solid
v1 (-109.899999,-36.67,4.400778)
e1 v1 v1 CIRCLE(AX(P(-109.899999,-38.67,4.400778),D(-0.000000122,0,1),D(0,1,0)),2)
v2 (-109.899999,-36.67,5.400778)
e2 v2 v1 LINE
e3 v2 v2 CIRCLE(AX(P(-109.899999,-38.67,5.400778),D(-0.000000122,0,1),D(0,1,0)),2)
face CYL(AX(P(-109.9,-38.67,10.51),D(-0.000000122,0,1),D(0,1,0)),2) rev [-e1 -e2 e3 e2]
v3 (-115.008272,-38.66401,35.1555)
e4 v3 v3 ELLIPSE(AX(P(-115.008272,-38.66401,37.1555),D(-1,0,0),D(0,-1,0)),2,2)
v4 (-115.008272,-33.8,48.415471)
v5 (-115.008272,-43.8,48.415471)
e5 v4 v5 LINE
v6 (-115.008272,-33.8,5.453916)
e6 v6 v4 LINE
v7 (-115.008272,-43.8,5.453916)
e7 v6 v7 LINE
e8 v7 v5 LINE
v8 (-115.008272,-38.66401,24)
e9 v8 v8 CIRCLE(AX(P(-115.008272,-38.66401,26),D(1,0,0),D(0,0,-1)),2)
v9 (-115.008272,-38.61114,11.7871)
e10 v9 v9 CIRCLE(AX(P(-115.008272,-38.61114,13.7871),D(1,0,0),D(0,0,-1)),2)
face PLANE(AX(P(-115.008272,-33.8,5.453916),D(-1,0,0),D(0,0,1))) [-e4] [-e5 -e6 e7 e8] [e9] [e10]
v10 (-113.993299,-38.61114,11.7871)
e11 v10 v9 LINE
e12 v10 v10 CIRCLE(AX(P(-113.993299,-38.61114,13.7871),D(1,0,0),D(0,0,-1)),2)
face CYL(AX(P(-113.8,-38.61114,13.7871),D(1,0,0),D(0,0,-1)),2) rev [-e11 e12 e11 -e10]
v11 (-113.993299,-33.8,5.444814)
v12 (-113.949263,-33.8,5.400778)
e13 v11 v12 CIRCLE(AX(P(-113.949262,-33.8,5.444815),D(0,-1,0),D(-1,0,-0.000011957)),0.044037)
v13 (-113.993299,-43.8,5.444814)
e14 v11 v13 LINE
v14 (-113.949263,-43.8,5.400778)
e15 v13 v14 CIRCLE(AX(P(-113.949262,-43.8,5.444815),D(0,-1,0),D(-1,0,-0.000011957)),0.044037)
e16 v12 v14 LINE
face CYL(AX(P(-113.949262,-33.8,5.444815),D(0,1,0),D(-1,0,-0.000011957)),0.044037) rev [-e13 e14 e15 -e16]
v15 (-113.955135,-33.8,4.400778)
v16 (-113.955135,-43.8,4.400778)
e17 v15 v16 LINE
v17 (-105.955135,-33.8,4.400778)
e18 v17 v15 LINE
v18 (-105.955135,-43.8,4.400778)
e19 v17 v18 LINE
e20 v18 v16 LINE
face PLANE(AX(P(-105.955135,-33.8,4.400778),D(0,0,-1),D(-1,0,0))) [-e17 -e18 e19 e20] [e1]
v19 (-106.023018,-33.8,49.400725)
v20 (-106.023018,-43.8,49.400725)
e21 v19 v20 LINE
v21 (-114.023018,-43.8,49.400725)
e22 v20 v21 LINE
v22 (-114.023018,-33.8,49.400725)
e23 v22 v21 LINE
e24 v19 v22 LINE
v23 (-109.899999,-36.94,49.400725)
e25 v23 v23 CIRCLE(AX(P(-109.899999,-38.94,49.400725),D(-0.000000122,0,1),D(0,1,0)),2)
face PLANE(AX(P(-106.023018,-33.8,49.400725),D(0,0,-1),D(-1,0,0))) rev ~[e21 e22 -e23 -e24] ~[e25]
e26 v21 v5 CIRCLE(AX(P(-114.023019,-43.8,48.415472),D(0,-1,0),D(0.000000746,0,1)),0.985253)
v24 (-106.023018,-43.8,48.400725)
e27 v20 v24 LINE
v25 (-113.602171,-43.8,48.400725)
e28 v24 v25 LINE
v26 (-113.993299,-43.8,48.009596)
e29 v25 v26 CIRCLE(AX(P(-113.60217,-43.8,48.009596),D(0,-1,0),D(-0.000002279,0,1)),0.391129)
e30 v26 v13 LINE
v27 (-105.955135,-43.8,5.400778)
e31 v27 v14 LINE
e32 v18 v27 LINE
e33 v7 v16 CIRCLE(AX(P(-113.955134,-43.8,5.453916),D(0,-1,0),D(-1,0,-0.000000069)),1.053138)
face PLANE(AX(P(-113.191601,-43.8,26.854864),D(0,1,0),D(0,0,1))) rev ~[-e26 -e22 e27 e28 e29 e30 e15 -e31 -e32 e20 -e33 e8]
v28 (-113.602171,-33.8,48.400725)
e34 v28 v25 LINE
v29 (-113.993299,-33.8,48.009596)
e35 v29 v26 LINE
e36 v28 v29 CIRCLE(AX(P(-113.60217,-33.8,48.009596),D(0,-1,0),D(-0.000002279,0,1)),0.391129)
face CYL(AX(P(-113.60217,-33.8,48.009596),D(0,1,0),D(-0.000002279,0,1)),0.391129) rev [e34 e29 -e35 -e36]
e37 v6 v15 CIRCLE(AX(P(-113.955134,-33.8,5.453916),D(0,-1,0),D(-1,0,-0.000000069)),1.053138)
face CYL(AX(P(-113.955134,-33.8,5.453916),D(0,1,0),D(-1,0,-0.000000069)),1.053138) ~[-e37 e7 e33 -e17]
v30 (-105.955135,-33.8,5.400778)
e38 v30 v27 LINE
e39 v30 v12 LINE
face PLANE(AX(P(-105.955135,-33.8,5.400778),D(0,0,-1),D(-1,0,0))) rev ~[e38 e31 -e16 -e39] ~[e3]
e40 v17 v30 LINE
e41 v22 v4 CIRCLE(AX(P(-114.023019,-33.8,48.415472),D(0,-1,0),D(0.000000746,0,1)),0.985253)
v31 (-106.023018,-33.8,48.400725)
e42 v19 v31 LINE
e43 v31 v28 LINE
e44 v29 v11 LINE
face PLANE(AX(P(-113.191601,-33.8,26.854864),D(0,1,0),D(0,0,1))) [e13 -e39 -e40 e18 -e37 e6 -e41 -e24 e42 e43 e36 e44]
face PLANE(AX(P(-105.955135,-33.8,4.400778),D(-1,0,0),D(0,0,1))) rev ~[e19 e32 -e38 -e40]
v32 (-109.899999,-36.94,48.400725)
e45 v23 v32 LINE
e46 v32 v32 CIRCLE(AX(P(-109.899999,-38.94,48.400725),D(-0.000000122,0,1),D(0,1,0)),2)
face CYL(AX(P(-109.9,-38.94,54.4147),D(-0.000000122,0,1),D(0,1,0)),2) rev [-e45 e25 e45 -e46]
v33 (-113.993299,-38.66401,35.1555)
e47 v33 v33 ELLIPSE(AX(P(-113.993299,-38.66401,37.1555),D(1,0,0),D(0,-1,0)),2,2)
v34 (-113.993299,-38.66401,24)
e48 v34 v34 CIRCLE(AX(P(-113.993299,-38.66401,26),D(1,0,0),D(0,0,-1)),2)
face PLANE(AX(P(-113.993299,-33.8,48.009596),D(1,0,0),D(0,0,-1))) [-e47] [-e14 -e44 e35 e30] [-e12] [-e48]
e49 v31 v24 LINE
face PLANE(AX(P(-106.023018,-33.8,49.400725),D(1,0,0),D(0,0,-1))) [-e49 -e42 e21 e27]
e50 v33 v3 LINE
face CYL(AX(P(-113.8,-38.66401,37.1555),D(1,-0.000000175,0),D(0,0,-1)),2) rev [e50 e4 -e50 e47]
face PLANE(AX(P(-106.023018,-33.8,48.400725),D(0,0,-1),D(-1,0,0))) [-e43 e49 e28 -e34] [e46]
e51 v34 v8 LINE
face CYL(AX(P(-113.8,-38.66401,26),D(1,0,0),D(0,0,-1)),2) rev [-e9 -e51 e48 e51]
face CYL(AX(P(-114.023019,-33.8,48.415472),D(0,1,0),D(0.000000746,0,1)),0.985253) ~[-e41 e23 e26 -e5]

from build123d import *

# Parameters (mm, degrees)
CYLINDER030_R               = 2
CYLINDER030_DEPTH           = 10
CYLINDER030_PITCH_ANGLE     = 90
CYLINDER030_PLACEMENT_ANGLE = 7e-06
CYLINDER031_R               = 2
CYLINDER031_DEPTH           = 10
CYLINDER031_PITCH_ANGLE     = 90
CYLINDER031_PLACEMENT_ANGLE = 7e-06
CYLINDER026_R               = 2
CYLINDER026_DEPTH           = 2
CYLINDER026_ROLL_ANGLE      = -88.507054
CYLINDER026_PITCH_ANGLE     = -87.01751
CYLINDER026_PLACEMENT_ANGLE = -92.244015
CYLINDER028_R               = 2
CYLINDER028_DEPTH           = 2
CYLINDER028_PLACEMENT_ANGLE = 90.00001
CYLINDER029_R               = 2
CYLINDER029_DEPTH           = 2
CYLINDER029_ROLL_ANGLE      = 90
CYLINDER027_R               = 2
CYLINDER027_DEPTH           = 2
CYLINDER027_ROLL_ANGLE      = 90
CYLINDER025_R               = 2
CYLINDER025_DEPTH           = 2
CYLINDER025_ROLL_ANGLE      = -88.507054
CYLINDER025_PITCH_ANGLE     = -87.01751
CYLINDER025_PLACEMENT_ANGLE = -92.244015
PAD006_DEPTH                = 10
CUT027_PITCH_ANGLE          = 90
CUT027_PLACEMENT_ANGLE      = -90


with BuildPart() as cylinder030:
    # Cylinder030 → Cylinder030 (new body)
    with BuildSketch(Plane.XY):
        Circle(CYLINDER030_R)
    extrude(amount=CYLINDER030_DEPTH)


with BuildPart() as cylinder030_1:
    # Cylinder030 pitch: moved
    add(cylinder030.part.rotate(Axis((0, 0, 0), (0, 1, 0)), CYLINDER030_PITCH_ANGLE))


with BuildPart() as cylinder030_2:
    # Cylinder030 placement: moved
    add(cylinder030_1.part.moved(Location((15.49, 3.9, 4.87))).rotate(Axis((15.49, 3.9, 4.87), (0, 0, 1)), CYLINDER030_PLACEMENT_ANGLE))


with BuildPart() as cylinder031:
    # Cylinder031 → Cylinder031 (new body)
    with BuildSketch(Plane.XY):
        Circle(CYLINDER031_R)
    extrude(amount=CYLINDER031_DEPTH)


with BuildPart() as cylinder031_1:
    # Cylinder031 pitch: moved
    add(cylinder031.part.rotate(Axis((0, 0, 0), (0, 1, 0)), CYLINDER031_PITCH_ANGLE))


with BuildPart() as cylinder031_2:
    # Cylinder031 placement: moved
    add(cylinder031_1.part.moved(Location((-28.4147, 3.9, 5.14))).rotate(Axis((-28.4147, 3.9, 5.14), (0, 0, 1)), CYLINDER031_PLACEMENT_ANGLE))


with BuildPart() as cylinder026:
    # Cylinder026 → Cylinder026 (new body)
    with BuildSketch(Plane.XY):
        Circle(CYLINDER026_R)
    extrude(amount=CYLINDER026_DEPTH)


with BuildPart() as cylinder026_1:
    # Cylinder026 roll: moved
    add(cylinder026.part.rotate(Axis((0, 0, 0), (1, 0, 0)), CYLINDER026_ROLL_ANGLE))


with BuildPart() as cylinder026_2:
    # Cylinder026 pitch: moved
    add(cylinder026_1.part.rotate(Axis((0, 0, 0), (0, 1, 0)), CYLINDER026_PITCH_ANGLE))


with BuildPart() as cylinder026_3:
    # Cylinder026 placement: moved
    add(cylinder026_2.part.moved(Location((-26, 5.29, 4.9))).rotate(Axis((-26, 5.29, 4.9), (0, 0, 1)), CYLINDER026_PLACEMENT_ANGLE))


with BuildPart() as cylinder028:
    # Cylinder028 → Cylinder028 (new body)
    with BuildSketch(Plane.XY):
        Circle(CYLINDER028_R)
    extrude(amount=CYLINDER028_DEPTH)


with BuildPart() as cylinder028_1:
    # Cylinder028 placement: moved
    add(cylinder028.part.moved(Location((-11.1555, 0, 4.86401))).rotate(Axis((-11.1555, 0, 4.86401), (1, 0, 0)), CYLINDER028_PLACEMENT_ANGLE))


with BuildPart() as cylinder029:
    # Cylinder029 → Cylinder029 (new body)
    with BuildSketch(Plane.XY):
        Circle(CYLINDER029_R)
    extrude(amount=CYLINDER029_DEPTH)


with BuildPart() as cylinder029_1:
    # Cylinder029 roll: moved
    add(cylinder029.part.rotate(Axis((0, 0, 0), (1, 0, 0)), CYLINDER029_ROLL_ANGLE))


with BuildPart() as cylinder029_2:
    # Cylinder029 placement: moved
    add(cylinder029_1.part.moved(Location((0, 0, 4.86401))))


with BuildPart() as cylinder027:
    # Cylinder027 → Cylinder027 (new body)
    with BuildSketch(Plane.XY):
        Circle(CYLINDER027_R)
    extrude(amount=CYLINDER027_DEPTH)


with BuildPart() as cylinder027_1:
    # Cylinder027 roll: moved
    add(cylinder027.part.rotate(Axis((0, 0, 0), (1, 0, 0)), CYLINDER027_ROLL_ANGLE))


with BuildPart() as cylinder027_2:
    # Cylinder027 placement: moved
    add(cylinder027_1.part.moved(Location((12.2129, 0, 4.81114))))


with BuildPart() as cylinder025:
    # Cylinder025 → Cylinder025 (new body)
    with BuildSketch(Plane.XY):
        Circle(CYLINDER025_R)
    extrude(amount=CYLINDER025_DEPTH)


with BuildPart() as cylinder025_1:
    # Cylinder025 roll: moved
    add(cylinder025.part.rotate(Axis((0, 0, 0), (1, 0, 0)), CYLINDER025_ROLL_ANGLE))


with BuildPart() as cylinder025_2:
    # Cylinder025 pitch: moved
    add(cylinder025_1.part.rotate(Axis((0, 0, 0), (0, 1, 0)), CYLINDER025_PITCH_ANGLE))


with BuildPart() as cylinder025_3:
    # Cylinder025 placement: moved
    add(cylinder025_2.part.moved(Location((25, 5.38, 4.9))).rotate(Axis((25, 5.38, 4.9), (0, 0, 1)), CYLINDER025_PLACEMENT_ANGLE))


with BuildPart() as cut027:
    # Sketch007 → Pad006 (new body)
    with BuildSketch(Plane.XY):
        with BuildLine():
            Line((20.546084, -1.208272), (-22.415471, -1.208272))
            ThreePointArc((-23.400725, -0.223018), (-23.112151, -0.919698), (-22.415471, -1.208272))
            Line((-23.400725, 7.776982), (-23.400725, -0.223018))
            Line((-23.400725, 7.776982), (-22.400725, 7.776982))
            Line((-22.400725, 7.776982), (-22.400725, 0.197829))
            ThreePointArc((-22.400725, 0.197829), (-22.286166, -0.07874), (-22.009596, -0.193299))
            Line((-22.009596, -0.193299), (20.555186, -0.193299))
            ThreePointArc((20.555186, -0.193299), (20.586324, -0.180401), (20.599222, -0.149263))
            Line((20.599222, 7.844865), (20.599222, -0.149263))
            Line((21.599222, 7.844865), (20.599222, 7.844865))
            Line((21.599222, 7.844865), (21.599222, -0.155135))
            ThreePointArc((20.546084, -1.208272), (21.290765, -0.899815), (21.599222, -0.155135))
        make_face()
    extrude(amount=PAD006_DEPTH)

    # Cut005: cut Cylinder025
    add(cylinder025_3.part, mode=Mode.SUBTRACT)

    # Cut006: cut Cylinder027
    add(cylinder027_2.part, mode=Mode.SUBTRACT)

    # Cut007: cut Cylinder029
    add(cylinder029_2.part, mode=Mode.SUBTRACT)

    # Cut008: cut Cylinder028
    add(cylinder028_1.part, mode=Mode.SUBTRACT)

    # Cut009: cut Cylinder026
    add(cylinder026_3.part, mode=Mode.SUBTRACT)

    # Cut018: cut Cylinder031
    add(cylinder031_2.part, mode=Mode.SUBTRACT)

    # Cut027: cut Cylinder030
    add(cylinder030_2.part, mode=Mode.SUBTRACT)


with BuildPart() as cut027_1:
    # Cut027 pitch: moved
    add(cut027.part.rotate(Axis((0, 0, 0), (0, 1, 0)), CUT027_PITCH_ANGLE))


with BuildPart() as cut027_2:
    # Cut027 placement: moved
    add(cut027_1.part.moved(Location((-113.8, -33.8, 26))).rotate(Axis((-113.8, -33.8, 26), (0, 0, 1)), CUT027_PLACEMENT_ANGLE))


solid = cut027_2.part
